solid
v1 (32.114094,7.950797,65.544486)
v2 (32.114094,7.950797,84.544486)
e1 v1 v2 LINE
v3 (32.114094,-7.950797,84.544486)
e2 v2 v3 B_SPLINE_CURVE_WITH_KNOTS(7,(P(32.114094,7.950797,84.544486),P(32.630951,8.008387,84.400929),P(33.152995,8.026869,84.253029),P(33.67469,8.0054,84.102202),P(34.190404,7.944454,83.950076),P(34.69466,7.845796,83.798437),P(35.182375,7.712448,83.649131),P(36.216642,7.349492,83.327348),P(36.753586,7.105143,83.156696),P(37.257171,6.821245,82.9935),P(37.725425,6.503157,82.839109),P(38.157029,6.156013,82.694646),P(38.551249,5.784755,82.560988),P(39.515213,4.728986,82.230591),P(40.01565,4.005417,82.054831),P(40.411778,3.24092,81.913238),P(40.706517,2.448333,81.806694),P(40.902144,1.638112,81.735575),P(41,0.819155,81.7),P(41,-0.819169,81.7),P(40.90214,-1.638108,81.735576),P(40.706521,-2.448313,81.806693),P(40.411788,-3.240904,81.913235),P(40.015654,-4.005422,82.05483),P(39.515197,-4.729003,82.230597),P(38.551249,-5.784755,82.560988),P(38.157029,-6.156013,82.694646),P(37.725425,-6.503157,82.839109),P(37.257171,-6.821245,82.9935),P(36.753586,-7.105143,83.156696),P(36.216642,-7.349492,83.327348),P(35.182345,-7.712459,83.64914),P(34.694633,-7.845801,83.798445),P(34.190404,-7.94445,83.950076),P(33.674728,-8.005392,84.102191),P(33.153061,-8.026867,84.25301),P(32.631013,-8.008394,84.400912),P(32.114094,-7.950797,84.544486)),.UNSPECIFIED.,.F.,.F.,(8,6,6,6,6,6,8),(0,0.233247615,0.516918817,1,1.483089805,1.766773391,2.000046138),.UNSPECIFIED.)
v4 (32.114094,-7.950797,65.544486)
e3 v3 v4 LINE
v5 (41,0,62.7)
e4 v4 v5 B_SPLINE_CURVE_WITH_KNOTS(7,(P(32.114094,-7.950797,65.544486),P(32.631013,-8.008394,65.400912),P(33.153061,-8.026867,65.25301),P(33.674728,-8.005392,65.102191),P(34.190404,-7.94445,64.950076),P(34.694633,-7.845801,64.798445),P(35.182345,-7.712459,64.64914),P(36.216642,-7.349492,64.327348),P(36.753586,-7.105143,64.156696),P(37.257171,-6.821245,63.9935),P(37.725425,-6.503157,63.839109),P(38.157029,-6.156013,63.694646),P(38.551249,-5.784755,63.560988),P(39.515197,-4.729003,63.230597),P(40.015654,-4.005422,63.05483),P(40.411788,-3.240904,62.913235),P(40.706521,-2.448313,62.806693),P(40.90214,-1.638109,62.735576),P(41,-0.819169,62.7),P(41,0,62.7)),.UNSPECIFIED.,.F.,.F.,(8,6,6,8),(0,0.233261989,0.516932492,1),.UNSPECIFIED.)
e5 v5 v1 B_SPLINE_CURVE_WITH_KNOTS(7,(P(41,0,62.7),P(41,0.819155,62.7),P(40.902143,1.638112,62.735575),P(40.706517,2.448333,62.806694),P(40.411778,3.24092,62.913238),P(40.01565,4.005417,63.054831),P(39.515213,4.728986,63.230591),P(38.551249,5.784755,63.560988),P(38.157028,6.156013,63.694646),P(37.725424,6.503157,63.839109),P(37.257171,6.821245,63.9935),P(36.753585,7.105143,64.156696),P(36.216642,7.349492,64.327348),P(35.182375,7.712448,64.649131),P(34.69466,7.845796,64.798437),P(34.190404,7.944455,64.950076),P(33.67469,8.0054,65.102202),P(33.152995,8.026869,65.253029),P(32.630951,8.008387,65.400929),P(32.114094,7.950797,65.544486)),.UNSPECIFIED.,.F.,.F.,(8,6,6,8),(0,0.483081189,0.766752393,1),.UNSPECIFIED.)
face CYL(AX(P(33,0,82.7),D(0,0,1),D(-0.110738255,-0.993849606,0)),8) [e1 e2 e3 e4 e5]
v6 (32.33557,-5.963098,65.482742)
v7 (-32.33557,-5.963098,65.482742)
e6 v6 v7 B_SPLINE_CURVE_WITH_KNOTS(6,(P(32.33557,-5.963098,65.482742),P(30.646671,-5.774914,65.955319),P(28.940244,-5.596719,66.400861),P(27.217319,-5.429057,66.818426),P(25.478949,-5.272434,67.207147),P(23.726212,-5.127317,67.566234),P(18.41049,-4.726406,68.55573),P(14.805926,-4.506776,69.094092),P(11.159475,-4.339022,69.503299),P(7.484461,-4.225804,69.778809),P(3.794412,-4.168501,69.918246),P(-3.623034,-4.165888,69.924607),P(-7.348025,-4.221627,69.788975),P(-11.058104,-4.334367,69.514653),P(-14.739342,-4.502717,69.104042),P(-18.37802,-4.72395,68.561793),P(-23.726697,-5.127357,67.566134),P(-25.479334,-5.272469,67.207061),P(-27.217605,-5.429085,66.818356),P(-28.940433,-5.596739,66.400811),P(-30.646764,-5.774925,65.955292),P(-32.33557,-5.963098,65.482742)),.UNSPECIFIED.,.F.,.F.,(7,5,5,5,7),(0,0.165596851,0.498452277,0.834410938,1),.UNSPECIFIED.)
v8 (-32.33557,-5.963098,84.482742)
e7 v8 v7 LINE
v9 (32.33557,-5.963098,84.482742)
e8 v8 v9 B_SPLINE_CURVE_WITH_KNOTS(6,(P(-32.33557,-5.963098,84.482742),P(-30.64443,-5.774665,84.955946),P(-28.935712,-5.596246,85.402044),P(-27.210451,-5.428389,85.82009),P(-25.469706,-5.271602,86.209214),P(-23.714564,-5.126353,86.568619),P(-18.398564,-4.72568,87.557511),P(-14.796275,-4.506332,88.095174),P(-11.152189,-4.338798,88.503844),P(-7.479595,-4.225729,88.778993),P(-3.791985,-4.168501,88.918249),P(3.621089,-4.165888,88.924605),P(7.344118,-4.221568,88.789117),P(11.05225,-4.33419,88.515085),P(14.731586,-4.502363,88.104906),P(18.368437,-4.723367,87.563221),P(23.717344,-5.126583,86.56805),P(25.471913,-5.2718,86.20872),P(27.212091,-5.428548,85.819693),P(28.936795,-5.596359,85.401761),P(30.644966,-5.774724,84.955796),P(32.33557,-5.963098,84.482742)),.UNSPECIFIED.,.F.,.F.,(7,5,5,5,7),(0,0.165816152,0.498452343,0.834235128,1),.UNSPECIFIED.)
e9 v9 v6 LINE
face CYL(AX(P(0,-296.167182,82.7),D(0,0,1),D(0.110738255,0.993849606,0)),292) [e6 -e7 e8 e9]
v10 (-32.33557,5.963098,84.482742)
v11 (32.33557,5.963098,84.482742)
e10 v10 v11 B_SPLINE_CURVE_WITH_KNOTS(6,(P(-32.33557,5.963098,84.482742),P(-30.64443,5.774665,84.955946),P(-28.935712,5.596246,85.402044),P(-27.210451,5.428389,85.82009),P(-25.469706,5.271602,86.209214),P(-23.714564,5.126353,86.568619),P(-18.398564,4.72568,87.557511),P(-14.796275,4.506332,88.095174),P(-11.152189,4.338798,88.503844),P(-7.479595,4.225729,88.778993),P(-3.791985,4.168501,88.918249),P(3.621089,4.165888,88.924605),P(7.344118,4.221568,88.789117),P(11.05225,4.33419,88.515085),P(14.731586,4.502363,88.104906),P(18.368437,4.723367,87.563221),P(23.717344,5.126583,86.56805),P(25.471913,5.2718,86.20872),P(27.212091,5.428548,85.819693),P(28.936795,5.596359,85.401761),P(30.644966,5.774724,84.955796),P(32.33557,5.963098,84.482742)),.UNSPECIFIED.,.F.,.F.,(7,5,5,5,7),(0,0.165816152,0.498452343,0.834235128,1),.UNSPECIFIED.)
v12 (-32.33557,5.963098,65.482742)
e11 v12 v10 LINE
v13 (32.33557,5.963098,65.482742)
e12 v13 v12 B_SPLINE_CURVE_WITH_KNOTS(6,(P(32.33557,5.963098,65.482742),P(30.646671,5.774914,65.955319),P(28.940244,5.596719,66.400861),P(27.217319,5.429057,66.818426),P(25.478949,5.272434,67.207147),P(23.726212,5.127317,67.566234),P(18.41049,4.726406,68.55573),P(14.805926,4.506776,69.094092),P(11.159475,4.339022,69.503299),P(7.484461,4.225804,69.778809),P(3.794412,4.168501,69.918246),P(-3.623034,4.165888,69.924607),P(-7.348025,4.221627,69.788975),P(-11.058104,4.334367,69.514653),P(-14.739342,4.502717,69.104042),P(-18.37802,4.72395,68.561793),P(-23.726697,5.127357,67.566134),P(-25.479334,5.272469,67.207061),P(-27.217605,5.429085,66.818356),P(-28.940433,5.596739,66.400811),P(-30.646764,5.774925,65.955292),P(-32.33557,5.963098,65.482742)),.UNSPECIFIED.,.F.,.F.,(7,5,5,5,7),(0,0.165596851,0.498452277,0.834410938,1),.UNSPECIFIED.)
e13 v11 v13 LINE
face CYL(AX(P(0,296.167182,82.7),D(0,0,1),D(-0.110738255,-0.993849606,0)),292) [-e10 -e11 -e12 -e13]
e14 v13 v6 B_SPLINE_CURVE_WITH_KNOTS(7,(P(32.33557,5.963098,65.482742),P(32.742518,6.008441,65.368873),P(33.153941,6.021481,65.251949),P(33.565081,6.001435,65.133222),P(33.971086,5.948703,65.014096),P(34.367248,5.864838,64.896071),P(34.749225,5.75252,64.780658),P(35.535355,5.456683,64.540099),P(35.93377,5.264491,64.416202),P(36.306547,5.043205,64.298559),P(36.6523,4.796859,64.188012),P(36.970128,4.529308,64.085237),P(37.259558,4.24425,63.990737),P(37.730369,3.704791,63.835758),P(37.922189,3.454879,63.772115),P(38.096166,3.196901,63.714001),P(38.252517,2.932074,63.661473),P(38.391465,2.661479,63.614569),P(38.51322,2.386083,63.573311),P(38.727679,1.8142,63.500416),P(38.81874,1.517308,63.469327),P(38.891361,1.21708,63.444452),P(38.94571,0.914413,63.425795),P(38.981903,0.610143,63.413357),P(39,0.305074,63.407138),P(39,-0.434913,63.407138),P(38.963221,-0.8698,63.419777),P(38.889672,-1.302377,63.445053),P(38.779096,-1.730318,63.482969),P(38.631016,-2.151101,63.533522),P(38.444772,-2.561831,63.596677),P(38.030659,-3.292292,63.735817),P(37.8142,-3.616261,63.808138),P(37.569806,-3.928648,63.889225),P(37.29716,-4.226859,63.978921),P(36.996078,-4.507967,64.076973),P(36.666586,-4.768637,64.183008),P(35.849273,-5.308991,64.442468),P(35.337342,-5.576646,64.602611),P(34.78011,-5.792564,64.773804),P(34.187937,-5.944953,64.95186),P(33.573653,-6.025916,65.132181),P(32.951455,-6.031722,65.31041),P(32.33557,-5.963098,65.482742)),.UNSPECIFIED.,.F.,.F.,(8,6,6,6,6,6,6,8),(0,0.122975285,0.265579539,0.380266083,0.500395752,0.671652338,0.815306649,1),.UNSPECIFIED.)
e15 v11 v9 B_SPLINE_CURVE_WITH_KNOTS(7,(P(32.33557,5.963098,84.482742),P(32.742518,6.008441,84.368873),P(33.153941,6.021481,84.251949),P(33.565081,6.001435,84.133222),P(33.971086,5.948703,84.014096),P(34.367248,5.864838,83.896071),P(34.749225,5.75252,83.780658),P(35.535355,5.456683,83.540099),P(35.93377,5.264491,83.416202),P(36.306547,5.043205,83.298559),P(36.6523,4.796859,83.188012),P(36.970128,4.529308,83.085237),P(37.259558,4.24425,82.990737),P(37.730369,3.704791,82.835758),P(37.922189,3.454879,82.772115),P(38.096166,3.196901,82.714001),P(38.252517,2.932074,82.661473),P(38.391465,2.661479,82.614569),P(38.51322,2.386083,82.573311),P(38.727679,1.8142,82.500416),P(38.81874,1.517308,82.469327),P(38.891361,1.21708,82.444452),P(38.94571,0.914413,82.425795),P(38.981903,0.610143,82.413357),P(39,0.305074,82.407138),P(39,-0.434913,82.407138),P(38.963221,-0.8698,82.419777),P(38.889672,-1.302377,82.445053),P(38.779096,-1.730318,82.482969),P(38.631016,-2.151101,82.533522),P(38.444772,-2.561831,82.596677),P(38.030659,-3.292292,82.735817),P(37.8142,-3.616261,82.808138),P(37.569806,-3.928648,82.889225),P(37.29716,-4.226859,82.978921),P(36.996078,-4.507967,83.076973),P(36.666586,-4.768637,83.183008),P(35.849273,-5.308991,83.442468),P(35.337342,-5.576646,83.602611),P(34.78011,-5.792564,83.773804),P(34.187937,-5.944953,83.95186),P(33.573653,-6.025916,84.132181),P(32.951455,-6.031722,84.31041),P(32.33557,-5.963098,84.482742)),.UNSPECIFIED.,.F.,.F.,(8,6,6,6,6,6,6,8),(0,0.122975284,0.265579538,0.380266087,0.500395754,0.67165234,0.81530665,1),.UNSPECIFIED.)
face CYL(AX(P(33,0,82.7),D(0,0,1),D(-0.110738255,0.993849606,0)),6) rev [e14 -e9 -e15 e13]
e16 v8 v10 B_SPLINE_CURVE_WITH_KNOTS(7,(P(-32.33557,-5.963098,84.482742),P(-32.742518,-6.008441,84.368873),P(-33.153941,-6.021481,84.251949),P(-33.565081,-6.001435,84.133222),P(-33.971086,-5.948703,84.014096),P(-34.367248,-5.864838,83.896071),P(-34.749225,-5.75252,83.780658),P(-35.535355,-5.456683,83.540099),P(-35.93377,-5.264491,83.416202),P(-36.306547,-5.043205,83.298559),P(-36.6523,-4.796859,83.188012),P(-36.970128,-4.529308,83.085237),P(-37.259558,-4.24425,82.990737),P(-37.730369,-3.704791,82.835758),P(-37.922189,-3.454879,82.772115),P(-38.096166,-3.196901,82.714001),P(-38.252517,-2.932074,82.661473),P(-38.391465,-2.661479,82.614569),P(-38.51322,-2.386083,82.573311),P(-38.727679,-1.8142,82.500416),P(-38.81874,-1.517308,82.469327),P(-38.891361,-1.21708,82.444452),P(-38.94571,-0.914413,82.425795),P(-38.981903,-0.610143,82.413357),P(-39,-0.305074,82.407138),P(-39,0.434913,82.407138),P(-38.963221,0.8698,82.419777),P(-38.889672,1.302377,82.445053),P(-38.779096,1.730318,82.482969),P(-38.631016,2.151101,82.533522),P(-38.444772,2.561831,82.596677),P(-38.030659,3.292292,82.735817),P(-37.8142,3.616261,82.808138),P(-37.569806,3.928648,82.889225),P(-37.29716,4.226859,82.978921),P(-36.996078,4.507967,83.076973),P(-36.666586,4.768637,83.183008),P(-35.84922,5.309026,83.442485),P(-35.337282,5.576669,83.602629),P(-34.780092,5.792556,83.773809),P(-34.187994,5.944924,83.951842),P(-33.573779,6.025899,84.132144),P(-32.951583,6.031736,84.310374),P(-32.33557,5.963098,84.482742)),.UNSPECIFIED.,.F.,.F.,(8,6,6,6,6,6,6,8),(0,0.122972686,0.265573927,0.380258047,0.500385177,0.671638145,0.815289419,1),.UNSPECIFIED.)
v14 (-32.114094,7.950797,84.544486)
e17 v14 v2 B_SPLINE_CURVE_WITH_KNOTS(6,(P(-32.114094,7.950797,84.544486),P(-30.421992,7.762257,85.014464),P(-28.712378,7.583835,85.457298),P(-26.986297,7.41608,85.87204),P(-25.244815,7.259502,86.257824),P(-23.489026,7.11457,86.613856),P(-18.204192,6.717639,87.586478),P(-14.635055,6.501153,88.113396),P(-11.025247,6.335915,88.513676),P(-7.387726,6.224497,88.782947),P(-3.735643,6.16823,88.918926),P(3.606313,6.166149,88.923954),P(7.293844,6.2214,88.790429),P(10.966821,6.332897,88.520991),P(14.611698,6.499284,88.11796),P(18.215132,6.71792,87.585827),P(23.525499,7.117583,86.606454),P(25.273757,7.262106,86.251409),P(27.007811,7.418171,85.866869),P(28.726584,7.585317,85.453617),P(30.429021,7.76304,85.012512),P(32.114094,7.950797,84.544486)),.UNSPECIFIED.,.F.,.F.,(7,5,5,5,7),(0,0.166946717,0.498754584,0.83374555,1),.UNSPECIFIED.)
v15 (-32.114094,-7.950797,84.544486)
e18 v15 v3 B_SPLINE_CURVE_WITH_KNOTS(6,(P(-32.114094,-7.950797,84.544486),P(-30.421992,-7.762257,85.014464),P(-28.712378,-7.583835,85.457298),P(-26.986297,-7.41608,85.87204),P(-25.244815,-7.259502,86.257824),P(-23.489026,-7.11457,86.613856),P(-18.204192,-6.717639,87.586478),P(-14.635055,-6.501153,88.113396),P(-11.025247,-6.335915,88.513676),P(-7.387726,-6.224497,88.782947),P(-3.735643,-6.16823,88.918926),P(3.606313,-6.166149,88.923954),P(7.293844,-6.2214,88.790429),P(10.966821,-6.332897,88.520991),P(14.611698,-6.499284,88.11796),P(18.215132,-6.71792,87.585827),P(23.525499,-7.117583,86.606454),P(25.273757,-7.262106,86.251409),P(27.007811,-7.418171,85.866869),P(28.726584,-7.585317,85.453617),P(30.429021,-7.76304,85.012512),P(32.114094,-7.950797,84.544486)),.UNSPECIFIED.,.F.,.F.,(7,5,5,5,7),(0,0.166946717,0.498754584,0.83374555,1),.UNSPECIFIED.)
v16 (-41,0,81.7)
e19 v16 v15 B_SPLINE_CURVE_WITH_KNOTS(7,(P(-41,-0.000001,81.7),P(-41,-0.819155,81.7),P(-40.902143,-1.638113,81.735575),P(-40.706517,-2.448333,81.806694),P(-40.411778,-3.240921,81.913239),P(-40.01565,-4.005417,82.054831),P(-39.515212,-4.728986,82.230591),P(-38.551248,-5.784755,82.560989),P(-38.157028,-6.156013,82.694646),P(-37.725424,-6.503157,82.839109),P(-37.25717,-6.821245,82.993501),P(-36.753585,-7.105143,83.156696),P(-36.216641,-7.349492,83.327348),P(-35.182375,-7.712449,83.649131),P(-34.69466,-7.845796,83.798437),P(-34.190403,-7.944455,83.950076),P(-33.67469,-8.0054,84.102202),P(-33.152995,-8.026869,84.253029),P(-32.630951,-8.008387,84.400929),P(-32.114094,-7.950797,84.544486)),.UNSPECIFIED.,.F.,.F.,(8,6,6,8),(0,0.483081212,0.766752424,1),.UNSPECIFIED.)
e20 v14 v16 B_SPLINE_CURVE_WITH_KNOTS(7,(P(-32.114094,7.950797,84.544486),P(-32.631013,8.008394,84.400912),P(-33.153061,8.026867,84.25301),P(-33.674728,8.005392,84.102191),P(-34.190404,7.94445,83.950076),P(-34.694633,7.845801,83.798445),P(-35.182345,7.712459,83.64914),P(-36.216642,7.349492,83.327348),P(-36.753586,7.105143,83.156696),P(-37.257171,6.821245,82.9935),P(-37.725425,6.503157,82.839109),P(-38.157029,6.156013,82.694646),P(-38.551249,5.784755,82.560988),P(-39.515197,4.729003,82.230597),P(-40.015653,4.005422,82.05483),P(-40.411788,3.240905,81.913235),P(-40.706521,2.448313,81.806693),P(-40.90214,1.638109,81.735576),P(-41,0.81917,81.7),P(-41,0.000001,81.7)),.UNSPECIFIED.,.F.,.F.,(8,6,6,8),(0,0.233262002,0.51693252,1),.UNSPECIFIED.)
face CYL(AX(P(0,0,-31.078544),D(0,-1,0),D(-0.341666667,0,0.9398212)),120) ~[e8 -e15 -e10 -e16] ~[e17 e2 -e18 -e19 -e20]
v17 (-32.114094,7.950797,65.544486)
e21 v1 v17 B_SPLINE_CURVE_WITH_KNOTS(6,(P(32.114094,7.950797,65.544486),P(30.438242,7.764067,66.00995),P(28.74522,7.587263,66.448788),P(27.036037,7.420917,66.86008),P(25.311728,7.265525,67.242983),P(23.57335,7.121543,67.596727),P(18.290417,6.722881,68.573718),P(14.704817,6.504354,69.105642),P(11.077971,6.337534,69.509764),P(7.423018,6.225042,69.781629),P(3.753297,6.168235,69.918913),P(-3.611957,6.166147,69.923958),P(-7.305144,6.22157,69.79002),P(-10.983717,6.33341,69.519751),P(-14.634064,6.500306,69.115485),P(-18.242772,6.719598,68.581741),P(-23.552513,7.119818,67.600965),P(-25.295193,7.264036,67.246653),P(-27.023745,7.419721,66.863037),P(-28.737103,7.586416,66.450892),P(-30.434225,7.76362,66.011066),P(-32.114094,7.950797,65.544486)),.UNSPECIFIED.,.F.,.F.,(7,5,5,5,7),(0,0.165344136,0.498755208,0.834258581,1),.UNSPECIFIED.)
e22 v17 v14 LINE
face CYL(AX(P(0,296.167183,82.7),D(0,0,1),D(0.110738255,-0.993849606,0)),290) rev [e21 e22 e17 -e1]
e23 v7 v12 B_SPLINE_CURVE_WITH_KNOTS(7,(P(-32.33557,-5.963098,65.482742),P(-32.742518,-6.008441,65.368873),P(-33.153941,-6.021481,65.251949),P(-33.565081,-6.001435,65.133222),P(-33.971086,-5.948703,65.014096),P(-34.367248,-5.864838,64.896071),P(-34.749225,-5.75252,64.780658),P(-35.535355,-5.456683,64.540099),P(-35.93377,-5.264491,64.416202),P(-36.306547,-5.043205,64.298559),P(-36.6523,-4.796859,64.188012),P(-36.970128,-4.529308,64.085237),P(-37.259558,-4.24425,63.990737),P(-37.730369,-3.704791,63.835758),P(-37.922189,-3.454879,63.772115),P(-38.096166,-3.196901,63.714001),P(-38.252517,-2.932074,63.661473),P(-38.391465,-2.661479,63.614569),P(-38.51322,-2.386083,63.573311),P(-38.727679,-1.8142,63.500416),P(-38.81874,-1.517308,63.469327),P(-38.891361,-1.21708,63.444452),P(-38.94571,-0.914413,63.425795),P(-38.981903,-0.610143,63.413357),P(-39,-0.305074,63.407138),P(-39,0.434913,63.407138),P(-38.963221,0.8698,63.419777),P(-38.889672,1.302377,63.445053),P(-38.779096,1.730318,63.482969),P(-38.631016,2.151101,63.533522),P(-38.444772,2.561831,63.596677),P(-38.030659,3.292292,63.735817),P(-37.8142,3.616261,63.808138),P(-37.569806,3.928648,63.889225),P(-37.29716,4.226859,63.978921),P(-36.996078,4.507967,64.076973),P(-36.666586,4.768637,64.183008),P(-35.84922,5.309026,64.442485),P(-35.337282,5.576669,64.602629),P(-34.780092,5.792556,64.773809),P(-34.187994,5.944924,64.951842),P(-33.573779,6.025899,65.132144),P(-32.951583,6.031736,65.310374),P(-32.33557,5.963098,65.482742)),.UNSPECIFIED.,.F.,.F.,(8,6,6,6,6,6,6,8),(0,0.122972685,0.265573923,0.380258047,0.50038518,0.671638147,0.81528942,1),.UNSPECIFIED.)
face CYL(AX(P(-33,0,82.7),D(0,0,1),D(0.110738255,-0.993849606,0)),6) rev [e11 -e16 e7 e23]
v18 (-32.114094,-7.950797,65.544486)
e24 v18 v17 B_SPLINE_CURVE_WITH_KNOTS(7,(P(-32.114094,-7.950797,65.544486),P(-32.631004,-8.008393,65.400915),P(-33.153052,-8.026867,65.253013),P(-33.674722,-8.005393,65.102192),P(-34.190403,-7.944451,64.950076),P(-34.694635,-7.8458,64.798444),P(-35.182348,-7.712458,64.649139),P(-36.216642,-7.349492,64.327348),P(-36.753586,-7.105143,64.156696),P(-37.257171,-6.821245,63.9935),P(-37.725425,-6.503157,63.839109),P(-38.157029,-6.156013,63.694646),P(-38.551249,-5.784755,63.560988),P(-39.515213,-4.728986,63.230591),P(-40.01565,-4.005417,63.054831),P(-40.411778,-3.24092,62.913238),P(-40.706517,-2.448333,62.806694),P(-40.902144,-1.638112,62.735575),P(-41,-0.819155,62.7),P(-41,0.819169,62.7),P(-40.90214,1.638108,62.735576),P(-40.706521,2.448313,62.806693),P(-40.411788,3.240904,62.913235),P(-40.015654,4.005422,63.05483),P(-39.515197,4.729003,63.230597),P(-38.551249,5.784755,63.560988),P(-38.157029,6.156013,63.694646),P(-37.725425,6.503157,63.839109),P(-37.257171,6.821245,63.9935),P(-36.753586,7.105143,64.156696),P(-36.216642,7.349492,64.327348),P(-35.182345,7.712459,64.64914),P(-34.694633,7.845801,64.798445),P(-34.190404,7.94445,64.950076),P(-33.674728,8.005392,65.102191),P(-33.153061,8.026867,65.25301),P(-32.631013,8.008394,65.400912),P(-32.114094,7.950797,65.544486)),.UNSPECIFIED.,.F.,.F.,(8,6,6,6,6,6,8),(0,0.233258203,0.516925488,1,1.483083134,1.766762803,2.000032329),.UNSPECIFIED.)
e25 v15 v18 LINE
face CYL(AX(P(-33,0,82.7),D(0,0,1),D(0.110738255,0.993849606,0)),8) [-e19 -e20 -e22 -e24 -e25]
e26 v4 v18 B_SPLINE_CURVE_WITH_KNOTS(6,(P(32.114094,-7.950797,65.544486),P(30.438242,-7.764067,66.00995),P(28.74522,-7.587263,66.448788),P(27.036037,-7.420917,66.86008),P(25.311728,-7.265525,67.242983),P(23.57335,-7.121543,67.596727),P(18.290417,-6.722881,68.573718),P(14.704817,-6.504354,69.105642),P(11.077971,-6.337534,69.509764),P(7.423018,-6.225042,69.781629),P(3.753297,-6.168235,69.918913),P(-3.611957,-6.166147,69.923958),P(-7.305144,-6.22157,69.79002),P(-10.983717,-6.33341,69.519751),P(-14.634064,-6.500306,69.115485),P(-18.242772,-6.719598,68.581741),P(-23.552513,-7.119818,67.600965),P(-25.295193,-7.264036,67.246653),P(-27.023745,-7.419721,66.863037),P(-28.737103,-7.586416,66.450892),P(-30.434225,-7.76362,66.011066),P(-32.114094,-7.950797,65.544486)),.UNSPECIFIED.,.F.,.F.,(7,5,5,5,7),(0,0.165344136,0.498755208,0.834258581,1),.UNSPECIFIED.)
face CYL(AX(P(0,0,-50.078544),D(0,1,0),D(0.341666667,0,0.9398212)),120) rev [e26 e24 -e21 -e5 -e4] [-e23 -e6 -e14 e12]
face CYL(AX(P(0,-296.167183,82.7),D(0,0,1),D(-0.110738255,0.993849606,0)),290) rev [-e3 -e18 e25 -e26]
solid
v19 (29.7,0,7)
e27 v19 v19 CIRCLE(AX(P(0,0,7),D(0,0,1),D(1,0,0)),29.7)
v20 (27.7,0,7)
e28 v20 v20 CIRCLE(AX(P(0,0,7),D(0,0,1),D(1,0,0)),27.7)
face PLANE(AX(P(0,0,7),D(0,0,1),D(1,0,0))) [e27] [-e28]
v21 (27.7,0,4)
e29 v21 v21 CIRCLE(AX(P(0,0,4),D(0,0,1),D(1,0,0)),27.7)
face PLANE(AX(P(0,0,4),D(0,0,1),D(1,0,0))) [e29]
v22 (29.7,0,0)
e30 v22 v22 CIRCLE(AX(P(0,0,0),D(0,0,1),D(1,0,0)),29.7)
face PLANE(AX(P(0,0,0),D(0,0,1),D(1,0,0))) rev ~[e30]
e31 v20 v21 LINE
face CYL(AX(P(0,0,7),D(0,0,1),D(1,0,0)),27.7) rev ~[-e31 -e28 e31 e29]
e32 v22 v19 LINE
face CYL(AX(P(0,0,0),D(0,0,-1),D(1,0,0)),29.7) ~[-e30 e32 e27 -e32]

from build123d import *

# Parameters (mm, degrees)
SKETCH1_R           = 29.7
BOSS_EXTRUDE1_DEPTH = 7
BOSS_EXTRUDE2_DEPTH = 20
CUT_EXTRUDE1_DEPTH  = 20
SKETCH4_R           = 27.7
CUT_EXTRUDE2_DEPTH  = 3


with BuildPart() as part:
    # Sketch1 → Boss-Extrude1 (new body)
    with BuildSketch(Plane.XY):
        Circle(SKETCH1_R)
    extrude(amount=BOSS_EXTRUDE1_DEPTH)

    # Sketch4 → Cut-Extrude2 (cut)
    with BuildSketch(Plane.XY.offset(7)):
        Circle(SKETCH4_R)
    extrude(amount=-CUT_EXTRUDE2_DEPTH, mode=Mode.SUBTRACT)


with BuildPart() as body_2:
    # Sketch2 → Boss-Extrude2 (new, symmetric)
    with BuildSketch(Plane.XY.offset(82.7)):
        with BuildLine():
            ThreePointArc((32.11409396, -7.950796846), (41, 0), (32.11409396, 7.950796846))
            ThreePointArc((32.11409396, 7.950796846), (0, 6.167182517), (-32.11409396, 7.950796846))
            ThreePointArc((-32.11409396, 7.950796846), (-41, 0), (-32.11409396, -7.950796846))
            ThreePointArc((-32.11409396, -7.950796846), (0, -6.167182517), (32.11409396, -7.950796846))
        make_face()
        with BuildLine():
            ThreePointArc((-32.33557047, 5.963097635), (0, 4.167182517), (32.33557047, 5.963097635))
            ThreePointArc((32.33557047, 5.963097635), (39, 0), (32.33557047, -5.963097635))
            ThreePointArc((32.33557047, -5.963097635), (0, -4.167182517), (-32.33557047, -5.963097635))
            ThreePointArc((-32.33557047, -5.963097635), (-39, 0), (-32.33557047, 5.963097635))
        make_face(mode=Mode.SUBTRACT)
    extrude(amount=BOSS_EXTRUDE2_DEPTH, both=True)

    # Sketch3 → Cut-Extrude1 (cut, symmetric)
    with BuildSketch(Plane(origin=(0, 0, 0), x_dir=(1, 0, 0), z_dir=(0, 1, 0))):
        with BuildLine():
            ThreePointArc((-41, -81.7), (0, -88.921455941), (41, -81.7))
            Line((41, -81.7), (103.064038999, -103.38833583))
            Line((103.064038999, -103.38833583), (16.872750213, -172.184638386))
            Line((16.872750213, -172.184638386), (-81.449068681, -125.07667166))
            Line((-81.449068681, -125.07667166), (-41, -81.7))
        make_face()
        with BuildLine():
            Line((-41, -62.7), (13.340762668, -29.679350995))
            Line((13.340762668, -29.679350995), (58.396937956, -46.189675497))
            Line((58.396937956, -46.189675497), (41, -62.7))
            ThreePointArc((41, -62.7), (0, -69.921455941), (-41, -62.7))
        make_face()
    extrude(amount=CUT_EXTRUDE1_DEPTH, both=True, mode=Mode.SUBTRACT)


solid = Compound([part.part, body_2.part])
